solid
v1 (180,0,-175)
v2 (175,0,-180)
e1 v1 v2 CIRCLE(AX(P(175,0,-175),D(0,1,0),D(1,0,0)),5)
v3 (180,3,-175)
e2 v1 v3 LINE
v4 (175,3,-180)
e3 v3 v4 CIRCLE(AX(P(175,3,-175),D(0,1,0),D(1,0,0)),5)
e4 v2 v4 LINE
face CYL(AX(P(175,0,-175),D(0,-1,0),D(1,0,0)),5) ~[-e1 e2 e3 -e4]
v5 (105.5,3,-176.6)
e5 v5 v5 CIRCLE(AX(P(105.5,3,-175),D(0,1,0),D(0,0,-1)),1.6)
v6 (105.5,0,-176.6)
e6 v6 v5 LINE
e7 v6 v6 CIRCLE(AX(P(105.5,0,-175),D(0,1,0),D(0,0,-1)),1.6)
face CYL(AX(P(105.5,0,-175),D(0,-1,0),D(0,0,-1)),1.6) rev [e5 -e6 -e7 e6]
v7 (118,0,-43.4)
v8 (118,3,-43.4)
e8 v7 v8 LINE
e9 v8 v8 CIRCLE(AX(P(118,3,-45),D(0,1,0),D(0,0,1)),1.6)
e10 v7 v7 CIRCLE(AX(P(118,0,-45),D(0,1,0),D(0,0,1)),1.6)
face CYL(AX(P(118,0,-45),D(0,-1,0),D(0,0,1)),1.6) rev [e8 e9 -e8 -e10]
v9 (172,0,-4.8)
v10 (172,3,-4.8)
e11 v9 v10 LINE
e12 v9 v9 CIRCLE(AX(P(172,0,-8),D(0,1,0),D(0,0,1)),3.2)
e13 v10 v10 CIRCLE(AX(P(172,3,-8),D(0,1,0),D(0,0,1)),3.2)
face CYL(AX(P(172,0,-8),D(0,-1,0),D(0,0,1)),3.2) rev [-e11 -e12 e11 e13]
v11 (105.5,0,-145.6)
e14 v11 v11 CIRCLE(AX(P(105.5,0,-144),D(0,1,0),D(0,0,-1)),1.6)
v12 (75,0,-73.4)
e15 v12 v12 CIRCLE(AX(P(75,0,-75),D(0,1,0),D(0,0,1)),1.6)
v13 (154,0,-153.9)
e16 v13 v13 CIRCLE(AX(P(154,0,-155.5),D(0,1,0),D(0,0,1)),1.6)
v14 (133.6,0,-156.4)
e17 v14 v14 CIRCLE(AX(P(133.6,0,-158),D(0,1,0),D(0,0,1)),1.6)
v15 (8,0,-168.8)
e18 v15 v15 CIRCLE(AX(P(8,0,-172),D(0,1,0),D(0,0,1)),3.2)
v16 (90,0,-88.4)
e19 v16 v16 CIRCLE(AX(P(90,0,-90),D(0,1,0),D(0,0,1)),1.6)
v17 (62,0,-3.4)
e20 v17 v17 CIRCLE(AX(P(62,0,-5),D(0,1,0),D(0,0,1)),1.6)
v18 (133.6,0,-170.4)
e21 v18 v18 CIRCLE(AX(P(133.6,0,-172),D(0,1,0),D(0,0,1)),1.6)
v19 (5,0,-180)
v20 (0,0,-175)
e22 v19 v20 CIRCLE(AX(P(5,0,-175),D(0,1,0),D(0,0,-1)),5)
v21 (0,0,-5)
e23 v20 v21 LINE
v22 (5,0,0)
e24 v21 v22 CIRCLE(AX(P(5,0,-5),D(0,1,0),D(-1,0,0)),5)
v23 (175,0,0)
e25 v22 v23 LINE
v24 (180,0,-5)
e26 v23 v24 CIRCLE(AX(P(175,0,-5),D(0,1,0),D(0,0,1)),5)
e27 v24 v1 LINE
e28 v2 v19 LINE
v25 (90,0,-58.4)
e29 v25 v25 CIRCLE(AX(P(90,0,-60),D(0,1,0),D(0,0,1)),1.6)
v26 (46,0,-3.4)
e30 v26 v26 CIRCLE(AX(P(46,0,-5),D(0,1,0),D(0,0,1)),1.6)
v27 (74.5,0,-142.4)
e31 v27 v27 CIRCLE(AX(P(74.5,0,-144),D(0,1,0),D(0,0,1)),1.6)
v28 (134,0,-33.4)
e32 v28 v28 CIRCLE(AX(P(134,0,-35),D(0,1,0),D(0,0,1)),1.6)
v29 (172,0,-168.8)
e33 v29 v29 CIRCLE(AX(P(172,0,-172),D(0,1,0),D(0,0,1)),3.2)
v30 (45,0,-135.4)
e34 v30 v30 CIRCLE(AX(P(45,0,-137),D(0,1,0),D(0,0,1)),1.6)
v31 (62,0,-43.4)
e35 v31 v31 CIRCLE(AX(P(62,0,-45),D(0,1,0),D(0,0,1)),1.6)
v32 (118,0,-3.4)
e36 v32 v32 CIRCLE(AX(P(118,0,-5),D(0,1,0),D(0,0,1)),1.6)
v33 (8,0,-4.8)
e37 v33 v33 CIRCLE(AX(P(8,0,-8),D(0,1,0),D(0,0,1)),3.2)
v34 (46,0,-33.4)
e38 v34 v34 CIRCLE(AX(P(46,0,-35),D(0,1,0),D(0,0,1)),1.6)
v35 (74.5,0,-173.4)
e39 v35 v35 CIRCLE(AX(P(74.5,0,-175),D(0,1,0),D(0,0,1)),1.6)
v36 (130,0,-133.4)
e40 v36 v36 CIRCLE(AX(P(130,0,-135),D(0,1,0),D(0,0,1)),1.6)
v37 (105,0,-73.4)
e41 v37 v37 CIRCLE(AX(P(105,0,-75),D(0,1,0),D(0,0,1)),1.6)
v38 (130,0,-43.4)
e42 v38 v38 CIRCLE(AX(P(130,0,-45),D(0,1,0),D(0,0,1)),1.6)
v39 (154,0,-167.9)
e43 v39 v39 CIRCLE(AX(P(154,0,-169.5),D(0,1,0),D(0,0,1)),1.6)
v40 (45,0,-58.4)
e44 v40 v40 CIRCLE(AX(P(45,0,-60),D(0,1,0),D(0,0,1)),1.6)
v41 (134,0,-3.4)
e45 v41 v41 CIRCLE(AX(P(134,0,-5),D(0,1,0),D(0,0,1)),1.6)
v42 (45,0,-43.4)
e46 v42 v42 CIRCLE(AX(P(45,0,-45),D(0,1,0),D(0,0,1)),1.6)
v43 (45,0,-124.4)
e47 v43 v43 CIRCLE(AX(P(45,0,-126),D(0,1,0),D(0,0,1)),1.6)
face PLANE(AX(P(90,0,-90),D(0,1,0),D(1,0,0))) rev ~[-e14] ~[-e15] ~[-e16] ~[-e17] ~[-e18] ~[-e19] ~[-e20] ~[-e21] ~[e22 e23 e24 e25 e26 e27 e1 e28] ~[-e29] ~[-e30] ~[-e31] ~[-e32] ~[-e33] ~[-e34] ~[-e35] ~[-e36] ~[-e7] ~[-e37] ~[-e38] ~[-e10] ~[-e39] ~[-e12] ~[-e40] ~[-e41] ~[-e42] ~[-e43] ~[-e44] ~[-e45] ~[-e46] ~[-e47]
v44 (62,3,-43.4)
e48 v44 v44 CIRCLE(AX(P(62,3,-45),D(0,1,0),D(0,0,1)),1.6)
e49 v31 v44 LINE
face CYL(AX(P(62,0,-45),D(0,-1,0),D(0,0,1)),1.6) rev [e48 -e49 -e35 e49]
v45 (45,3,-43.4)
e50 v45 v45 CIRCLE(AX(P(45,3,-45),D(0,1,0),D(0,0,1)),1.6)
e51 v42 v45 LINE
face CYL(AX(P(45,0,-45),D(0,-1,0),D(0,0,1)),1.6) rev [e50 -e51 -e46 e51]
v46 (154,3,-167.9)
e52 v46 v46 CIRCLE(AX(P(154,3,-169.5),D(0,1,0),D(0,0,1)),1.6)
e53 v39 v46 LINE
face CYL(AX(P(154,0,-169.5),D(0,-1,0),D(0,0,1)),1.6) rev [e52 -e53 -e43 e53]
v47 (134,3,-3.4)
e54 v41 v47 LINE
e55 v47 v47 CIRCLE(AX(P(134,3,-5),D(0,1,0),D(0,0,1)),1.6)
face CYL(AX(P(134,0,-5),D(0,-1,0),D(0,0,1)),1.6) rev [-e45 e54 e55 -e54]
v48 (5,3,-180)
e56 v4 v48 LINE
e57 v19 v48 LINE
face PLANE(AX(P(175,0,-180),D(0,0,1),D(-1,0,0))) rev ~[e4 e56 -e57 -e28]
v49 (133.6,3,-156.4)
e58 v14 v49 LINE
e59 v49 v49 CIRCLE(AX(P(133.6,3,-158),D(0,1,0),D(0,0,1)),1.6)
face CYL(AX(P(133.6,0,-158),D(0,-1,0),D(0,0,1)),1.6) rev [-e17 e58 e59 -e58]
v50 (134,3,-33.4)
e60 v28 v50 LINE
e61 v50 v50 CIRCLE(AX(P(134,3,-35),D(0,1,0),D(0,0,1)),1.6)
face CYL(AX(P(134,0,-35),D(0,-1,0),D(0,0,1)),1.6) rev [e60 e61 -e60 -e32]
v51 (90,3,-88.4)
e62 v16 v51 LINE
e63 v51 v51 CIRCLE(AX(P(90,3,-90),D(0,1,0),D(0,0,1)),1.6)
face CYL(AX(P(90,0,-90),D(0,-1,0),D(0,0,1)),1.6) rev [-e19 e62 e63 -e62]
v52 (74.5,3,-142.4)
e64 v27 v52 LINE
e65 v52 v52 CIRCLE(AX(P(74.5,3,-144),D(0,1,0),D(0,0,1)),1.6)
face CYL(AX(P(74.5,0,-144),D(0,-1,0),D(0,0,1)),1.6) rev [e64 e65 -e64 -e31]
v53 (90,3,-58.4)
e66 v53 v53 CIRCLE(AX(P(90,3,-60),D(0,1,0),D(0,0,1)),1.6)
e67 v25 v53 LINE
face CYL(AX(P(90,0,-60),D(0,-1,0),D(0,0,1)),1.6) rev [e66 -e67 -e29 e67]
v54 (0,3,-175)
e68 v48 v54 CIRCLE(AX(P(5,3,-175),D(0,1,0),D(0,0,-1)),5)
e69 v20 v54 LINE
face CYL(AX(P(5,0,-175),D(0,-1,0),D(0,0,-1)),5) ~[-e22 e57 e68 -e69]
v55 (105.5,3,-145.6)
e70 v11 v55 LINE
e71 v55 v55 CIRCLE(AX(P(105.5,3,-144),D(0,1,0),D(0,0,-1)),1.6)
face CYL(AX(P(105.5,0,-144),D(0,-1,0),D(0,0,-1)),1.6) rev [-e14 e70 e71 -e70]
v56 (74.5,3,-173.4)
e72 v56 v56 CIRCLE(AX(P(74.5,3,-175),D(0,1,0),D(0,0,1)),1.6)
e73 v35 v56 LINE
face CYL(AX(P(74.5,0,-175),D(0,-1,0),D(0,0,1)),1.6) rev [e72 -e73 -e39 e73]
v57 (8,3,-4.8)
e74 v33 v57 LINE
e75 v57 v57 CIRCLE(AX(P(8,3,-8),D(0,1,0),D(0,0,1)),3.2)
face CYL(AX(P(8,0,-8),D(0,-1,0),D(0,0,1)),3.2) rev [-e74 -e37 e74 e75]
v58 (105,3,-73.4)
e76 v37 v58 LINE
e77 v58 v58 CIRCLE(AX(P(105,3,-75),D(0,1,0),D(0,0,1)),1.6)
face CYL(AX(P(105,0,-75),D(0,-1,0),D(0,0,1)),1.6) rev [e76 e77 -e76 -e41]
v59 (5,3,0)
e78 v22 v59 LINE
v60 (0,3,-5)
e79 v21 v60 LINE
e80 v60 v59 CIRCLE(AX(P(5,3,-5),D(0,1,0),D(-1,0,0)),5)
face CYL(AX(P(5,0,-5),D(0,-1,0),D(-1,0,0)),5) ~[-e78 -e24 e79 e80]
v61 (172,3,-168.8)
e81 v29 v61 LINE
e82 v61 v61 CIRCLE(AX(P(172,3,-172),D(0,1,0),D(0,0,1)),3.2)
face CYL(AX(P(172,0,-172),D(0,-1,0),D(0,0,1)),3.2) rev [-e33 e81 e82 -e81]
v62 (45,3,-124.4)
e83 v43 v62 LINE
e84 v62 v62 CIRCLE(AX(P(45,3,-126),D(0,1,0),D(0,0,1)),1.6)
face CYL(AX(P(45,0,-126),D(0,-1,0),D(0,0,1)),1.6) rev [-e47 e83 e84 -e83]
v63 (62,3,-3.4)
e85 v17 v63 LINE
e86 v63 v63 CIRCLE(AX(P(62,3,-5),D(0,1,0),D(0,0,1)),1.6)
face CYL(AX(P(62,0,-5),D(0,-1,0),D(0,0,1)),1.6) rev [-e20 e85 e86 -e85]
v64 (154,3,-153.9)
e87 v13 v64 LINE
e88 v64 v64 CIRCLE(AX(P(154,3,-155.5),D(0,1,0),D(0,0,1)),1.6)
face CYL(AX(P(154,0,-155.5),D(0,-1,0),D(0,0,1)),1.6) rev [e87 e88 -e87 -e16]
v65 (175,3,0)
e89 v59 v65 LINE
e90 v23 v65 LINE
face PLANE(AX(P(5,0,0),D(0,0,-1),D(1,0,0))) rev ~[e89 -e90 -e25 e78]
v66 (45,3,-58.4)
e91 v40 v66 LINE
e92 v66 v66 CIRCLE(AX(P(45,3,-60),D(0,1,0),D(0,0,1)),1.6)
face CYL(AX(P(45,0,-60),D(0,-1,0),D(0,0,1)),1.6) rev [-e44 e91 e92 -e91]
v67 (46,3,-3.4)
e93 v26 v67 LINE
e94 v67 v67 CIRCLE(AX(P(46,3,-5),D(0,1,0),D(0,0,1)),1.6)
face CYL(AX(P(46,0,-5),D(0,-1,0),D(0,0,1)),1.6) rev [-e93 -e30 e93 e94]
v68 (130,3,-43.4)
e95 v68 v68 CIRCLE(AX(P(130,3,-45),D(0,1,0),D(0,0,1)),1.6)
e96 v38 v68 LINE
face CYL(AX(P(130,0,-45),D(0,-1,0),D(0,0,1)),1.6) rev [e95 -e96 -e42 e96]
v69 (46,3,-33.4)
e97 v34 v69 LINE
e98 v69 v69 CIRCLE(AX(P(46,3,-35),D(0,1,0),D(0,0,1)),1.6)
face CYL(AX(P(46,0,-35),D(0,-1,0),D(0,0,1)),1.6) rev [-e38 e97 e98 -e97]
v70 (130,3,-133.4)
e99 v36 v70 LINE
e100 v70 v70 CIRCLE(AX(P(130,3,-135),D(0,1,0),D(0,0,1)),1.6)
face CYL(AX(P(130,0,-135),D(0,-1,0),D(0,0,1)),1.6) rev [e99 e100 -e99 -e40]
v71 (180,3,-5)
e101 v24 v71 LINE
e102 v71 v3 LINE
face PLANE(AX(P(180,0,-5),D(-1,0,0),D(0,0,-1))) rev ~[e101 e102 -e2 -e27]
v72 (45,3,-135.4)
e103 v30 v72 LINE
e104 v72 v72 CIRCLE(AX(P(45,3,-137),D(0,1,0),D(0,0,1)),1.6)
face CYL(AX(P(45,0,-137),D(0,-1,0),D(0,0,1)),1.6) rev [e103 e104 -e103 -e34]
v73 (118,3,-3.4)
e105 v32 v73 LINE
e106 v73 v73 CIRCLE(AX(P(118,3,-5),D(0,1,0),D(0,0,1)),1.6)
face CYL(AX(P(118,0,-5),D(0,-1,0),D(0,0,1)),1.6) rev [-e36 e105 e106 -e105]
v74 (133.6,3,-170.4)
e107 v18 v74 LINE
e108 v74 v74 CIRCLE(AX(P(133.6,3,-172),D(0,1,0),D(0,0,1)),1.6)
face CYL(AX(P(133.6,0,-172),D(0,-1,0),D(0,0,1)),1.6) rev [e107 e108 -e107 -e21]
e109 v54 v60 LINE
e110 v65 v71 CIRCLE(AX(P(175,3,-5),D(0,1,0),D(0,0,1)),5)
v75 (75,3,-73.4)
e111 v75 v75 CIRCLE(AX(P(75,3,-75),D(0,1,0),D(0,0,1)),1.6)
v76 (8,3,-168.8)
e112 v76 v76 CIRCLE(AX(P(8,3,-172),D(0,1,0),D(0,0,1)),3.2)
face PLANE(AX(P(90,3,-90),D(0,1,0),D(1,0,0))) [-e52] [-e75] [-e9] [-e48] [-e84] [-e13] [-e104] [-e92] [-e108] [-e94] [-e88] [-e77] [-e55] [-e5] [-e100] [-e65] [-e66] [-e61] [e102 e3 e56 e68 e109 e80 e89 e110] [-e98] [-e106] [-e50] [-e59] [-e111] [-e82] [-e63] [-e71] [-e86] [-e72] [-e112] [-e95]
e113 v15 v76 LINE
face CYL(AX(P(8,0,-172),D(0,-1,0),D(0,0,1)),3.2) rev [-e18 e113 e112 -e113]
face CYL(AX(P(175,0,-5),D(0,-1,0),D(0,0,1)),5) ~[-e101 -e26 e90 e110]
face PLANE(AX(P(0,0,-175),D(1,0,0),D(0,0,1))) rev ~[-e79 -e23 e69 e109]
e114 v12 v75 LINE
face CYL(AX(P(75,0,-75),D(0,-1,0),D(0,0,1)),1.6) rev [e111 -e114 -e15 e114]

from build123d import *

# Parameters (mm, degrees)
SKETCH_1_R      = 3.2
SKETCH_1_R_2    = 1.6
EXTRUDE_1_DEPTH = 3


with BuildPart() as part:
    # 草图1 → 凸台-拉伸1 (new body)
    with BuildSketch(Plane(origin=(0, 0, 0), x_dir=(1, 0, 0), z_dir=(0, 1, 0))):
        with BuildLine():
            Line((5, 0), (175, 0))
            ThreePointArc((175, 0), (178.535533906, 1.464466094), (180, 5))
            Line((180, 5), (180, 175))
            ThreePointArc((180, 175), (178.535533906, 178.535533906), (175, 180))
            Line((175, 180), (5, 180))
            ThreePointArc((5, 180), (1.464466094, 178.535533906), (0, 175))
            Line((0, 175), (0, 5))
            ThreePointArc((0, 5), (1.464466094, 1.464466094), (5, 0))
        make_face()
        with Locations(Location((8, 172, 0), (0, 0, 270))):
            Circle(SKETCH_1_R, mode=Mode.SUBTRACT)
        with Locations(Location((172, 172, 0), (0, 0, 270))):
            Circle(SKETCH_1_R, mode=Mode.SUBTRACT)
        with Locations(Location((8, 8, 0), (0, 0, 270))):
            Circle(SKETCH_1_R, mode=Mode.SUBTRACT)
        with Locations(Location((172, 8, 0), (0, 0, 270))):
            Circle(SKETCH_1_R, mode=Mode.SUBTRACT)
        with Locations(Location((74.5, 175, 0), (0, 0, 270))):
            Circle(SKETCH_1_R_2, mode=Mode.SUBTRACT)
        with Locations(Location((74.5, 144, 0), (0, 0, 270))):
            Circle(SKETCH_1_R_2, mode=Mode.SUBTRACT)
        with Locations(Location((105.5, 144, 0), (0, 0, 90))):
            Circle(SKETCH_1_R_2, mode=Mode.SUBTRACT)
        with Locations(Location((105.5, 175, 0), (0, 0, 90))):
            Circle(SKETCH_1_R_2, mode=Mode.SUBTRACT)
        with Locations(Location((133.6, 172, 0), (0, 0, 270))):
            Circle(SKETCH_1_R_2, mode=Mode.SUBTRACT)
        with Locations(Location((133.6, 158, 0), (0, 0, 270))):
            Circle(SKETCH_1_R_2, mode=Mode.SUBTRACT)
        with Locations(Location((154, 169.5, 0), (0, 0, 270))):
            Circle(SKETCH_1_R_2, mode=Mode.SUBTRACT)
        with Locations(Location((154, 155.5, 0), (0, 0, 270))):
            Circle(SKETCH_1_R_2, mode=Mode.SUBTRACT)
        with Locations(Location((130, 135, 0), (0, 0, 270))):
            Circle(SKETCH_1_R_2, mode=Mode.SUBTRACT)
        with Locations(Location((130, 45, 0), (0, 0, 270))):
            Circle(SKETCH_1_R_2, mode=Mode.SUBTRACT)
        with Locations(Location((45, 137, 0), (0, 0, 270))):
            Circle(SKETCH_1_R_2, mode=Mode.SUBTRACT)
        with Locations(Location((45, 45, 0), (0, 0, 270))):
            Circle(SKETCH_1_R_2, mode=Mode.SUBTRACT)
        with Locations(Location((45, 126, 0), (0, 0, 270))):
            Circle(SKETCH_1_R_2, mode=Mode.SUBTRACT)
        with Locations(Location((45, 60, 0), (0, 0, 270))):
            Circle(SKETCH_1_R_2, mode=Mode.SUBTRACT)
        with Locations(Location((62, 45, 0), (0, 0, 270))):
            Circle(SKETCH_1_R_2, mode=Mode.SUBTRACT)
        with Locations(Location((62, 5, 0), (0, 0, 270))):
            Circle(SKETCH_1_R_2, mode=Mode.SUBTRACT)
        with Locations(Location((118, 45, 0), (0, 0, 270))):
            Circle(SKETCH_1_R_2, mode=Mode.SUBTRACT)
        with Locations(Location((118, 5, 0), (0, 0, 270))):
            Circle(SKETCH_1_R_2, mode=Mode.SUBTRACT)
        with Locations(Location((90, 90, 0), (0, 0, 270))):
            Circle(SKETCH_1_R_2, mode=Mode.SUBTRACT)
        with Locations(Location((90, 60, 0), (0, 0, 270))):
            Circle(SKETCH_1_R_2, mode=Mode.SUBTRACT)
        with Locations(Location((105, 75, 0), (0, 0, 270))):
            Circle(SKETCH_1_R_2, mode=Mode.SUBTRACT)
        with Locations(Location((75, 75, 0), (0, 0, 270))):
            Circle(SKETCH_1_R_2, mode=Mode.SUBTRACT)
        with Locations(Location((46, 5, 0), (0, 0, 270))):
            Circle(SKETCH_1_R_2, mode=Mode.SUBTRACT)
        with Locations(Location((46, 35, 0), (0, 0, 270))):
            Circle(SKETCH_1_R_2, mode=Mode.SUBTRACT)
        with Locations(Location((134, 35, 0), (0, 0, 270))):
            Circle(SKETCH_1_R_2, mode=Mode.SUBTRACT)
        with Locations(Location((134, 5, 0), (0, 0, 270))):
            Circle(SKETCH_1_R_2, mode=Mode.SUBTRACT)
    extrude(amount=EXTRUDE_1_DEPTH)


solid = part.part
